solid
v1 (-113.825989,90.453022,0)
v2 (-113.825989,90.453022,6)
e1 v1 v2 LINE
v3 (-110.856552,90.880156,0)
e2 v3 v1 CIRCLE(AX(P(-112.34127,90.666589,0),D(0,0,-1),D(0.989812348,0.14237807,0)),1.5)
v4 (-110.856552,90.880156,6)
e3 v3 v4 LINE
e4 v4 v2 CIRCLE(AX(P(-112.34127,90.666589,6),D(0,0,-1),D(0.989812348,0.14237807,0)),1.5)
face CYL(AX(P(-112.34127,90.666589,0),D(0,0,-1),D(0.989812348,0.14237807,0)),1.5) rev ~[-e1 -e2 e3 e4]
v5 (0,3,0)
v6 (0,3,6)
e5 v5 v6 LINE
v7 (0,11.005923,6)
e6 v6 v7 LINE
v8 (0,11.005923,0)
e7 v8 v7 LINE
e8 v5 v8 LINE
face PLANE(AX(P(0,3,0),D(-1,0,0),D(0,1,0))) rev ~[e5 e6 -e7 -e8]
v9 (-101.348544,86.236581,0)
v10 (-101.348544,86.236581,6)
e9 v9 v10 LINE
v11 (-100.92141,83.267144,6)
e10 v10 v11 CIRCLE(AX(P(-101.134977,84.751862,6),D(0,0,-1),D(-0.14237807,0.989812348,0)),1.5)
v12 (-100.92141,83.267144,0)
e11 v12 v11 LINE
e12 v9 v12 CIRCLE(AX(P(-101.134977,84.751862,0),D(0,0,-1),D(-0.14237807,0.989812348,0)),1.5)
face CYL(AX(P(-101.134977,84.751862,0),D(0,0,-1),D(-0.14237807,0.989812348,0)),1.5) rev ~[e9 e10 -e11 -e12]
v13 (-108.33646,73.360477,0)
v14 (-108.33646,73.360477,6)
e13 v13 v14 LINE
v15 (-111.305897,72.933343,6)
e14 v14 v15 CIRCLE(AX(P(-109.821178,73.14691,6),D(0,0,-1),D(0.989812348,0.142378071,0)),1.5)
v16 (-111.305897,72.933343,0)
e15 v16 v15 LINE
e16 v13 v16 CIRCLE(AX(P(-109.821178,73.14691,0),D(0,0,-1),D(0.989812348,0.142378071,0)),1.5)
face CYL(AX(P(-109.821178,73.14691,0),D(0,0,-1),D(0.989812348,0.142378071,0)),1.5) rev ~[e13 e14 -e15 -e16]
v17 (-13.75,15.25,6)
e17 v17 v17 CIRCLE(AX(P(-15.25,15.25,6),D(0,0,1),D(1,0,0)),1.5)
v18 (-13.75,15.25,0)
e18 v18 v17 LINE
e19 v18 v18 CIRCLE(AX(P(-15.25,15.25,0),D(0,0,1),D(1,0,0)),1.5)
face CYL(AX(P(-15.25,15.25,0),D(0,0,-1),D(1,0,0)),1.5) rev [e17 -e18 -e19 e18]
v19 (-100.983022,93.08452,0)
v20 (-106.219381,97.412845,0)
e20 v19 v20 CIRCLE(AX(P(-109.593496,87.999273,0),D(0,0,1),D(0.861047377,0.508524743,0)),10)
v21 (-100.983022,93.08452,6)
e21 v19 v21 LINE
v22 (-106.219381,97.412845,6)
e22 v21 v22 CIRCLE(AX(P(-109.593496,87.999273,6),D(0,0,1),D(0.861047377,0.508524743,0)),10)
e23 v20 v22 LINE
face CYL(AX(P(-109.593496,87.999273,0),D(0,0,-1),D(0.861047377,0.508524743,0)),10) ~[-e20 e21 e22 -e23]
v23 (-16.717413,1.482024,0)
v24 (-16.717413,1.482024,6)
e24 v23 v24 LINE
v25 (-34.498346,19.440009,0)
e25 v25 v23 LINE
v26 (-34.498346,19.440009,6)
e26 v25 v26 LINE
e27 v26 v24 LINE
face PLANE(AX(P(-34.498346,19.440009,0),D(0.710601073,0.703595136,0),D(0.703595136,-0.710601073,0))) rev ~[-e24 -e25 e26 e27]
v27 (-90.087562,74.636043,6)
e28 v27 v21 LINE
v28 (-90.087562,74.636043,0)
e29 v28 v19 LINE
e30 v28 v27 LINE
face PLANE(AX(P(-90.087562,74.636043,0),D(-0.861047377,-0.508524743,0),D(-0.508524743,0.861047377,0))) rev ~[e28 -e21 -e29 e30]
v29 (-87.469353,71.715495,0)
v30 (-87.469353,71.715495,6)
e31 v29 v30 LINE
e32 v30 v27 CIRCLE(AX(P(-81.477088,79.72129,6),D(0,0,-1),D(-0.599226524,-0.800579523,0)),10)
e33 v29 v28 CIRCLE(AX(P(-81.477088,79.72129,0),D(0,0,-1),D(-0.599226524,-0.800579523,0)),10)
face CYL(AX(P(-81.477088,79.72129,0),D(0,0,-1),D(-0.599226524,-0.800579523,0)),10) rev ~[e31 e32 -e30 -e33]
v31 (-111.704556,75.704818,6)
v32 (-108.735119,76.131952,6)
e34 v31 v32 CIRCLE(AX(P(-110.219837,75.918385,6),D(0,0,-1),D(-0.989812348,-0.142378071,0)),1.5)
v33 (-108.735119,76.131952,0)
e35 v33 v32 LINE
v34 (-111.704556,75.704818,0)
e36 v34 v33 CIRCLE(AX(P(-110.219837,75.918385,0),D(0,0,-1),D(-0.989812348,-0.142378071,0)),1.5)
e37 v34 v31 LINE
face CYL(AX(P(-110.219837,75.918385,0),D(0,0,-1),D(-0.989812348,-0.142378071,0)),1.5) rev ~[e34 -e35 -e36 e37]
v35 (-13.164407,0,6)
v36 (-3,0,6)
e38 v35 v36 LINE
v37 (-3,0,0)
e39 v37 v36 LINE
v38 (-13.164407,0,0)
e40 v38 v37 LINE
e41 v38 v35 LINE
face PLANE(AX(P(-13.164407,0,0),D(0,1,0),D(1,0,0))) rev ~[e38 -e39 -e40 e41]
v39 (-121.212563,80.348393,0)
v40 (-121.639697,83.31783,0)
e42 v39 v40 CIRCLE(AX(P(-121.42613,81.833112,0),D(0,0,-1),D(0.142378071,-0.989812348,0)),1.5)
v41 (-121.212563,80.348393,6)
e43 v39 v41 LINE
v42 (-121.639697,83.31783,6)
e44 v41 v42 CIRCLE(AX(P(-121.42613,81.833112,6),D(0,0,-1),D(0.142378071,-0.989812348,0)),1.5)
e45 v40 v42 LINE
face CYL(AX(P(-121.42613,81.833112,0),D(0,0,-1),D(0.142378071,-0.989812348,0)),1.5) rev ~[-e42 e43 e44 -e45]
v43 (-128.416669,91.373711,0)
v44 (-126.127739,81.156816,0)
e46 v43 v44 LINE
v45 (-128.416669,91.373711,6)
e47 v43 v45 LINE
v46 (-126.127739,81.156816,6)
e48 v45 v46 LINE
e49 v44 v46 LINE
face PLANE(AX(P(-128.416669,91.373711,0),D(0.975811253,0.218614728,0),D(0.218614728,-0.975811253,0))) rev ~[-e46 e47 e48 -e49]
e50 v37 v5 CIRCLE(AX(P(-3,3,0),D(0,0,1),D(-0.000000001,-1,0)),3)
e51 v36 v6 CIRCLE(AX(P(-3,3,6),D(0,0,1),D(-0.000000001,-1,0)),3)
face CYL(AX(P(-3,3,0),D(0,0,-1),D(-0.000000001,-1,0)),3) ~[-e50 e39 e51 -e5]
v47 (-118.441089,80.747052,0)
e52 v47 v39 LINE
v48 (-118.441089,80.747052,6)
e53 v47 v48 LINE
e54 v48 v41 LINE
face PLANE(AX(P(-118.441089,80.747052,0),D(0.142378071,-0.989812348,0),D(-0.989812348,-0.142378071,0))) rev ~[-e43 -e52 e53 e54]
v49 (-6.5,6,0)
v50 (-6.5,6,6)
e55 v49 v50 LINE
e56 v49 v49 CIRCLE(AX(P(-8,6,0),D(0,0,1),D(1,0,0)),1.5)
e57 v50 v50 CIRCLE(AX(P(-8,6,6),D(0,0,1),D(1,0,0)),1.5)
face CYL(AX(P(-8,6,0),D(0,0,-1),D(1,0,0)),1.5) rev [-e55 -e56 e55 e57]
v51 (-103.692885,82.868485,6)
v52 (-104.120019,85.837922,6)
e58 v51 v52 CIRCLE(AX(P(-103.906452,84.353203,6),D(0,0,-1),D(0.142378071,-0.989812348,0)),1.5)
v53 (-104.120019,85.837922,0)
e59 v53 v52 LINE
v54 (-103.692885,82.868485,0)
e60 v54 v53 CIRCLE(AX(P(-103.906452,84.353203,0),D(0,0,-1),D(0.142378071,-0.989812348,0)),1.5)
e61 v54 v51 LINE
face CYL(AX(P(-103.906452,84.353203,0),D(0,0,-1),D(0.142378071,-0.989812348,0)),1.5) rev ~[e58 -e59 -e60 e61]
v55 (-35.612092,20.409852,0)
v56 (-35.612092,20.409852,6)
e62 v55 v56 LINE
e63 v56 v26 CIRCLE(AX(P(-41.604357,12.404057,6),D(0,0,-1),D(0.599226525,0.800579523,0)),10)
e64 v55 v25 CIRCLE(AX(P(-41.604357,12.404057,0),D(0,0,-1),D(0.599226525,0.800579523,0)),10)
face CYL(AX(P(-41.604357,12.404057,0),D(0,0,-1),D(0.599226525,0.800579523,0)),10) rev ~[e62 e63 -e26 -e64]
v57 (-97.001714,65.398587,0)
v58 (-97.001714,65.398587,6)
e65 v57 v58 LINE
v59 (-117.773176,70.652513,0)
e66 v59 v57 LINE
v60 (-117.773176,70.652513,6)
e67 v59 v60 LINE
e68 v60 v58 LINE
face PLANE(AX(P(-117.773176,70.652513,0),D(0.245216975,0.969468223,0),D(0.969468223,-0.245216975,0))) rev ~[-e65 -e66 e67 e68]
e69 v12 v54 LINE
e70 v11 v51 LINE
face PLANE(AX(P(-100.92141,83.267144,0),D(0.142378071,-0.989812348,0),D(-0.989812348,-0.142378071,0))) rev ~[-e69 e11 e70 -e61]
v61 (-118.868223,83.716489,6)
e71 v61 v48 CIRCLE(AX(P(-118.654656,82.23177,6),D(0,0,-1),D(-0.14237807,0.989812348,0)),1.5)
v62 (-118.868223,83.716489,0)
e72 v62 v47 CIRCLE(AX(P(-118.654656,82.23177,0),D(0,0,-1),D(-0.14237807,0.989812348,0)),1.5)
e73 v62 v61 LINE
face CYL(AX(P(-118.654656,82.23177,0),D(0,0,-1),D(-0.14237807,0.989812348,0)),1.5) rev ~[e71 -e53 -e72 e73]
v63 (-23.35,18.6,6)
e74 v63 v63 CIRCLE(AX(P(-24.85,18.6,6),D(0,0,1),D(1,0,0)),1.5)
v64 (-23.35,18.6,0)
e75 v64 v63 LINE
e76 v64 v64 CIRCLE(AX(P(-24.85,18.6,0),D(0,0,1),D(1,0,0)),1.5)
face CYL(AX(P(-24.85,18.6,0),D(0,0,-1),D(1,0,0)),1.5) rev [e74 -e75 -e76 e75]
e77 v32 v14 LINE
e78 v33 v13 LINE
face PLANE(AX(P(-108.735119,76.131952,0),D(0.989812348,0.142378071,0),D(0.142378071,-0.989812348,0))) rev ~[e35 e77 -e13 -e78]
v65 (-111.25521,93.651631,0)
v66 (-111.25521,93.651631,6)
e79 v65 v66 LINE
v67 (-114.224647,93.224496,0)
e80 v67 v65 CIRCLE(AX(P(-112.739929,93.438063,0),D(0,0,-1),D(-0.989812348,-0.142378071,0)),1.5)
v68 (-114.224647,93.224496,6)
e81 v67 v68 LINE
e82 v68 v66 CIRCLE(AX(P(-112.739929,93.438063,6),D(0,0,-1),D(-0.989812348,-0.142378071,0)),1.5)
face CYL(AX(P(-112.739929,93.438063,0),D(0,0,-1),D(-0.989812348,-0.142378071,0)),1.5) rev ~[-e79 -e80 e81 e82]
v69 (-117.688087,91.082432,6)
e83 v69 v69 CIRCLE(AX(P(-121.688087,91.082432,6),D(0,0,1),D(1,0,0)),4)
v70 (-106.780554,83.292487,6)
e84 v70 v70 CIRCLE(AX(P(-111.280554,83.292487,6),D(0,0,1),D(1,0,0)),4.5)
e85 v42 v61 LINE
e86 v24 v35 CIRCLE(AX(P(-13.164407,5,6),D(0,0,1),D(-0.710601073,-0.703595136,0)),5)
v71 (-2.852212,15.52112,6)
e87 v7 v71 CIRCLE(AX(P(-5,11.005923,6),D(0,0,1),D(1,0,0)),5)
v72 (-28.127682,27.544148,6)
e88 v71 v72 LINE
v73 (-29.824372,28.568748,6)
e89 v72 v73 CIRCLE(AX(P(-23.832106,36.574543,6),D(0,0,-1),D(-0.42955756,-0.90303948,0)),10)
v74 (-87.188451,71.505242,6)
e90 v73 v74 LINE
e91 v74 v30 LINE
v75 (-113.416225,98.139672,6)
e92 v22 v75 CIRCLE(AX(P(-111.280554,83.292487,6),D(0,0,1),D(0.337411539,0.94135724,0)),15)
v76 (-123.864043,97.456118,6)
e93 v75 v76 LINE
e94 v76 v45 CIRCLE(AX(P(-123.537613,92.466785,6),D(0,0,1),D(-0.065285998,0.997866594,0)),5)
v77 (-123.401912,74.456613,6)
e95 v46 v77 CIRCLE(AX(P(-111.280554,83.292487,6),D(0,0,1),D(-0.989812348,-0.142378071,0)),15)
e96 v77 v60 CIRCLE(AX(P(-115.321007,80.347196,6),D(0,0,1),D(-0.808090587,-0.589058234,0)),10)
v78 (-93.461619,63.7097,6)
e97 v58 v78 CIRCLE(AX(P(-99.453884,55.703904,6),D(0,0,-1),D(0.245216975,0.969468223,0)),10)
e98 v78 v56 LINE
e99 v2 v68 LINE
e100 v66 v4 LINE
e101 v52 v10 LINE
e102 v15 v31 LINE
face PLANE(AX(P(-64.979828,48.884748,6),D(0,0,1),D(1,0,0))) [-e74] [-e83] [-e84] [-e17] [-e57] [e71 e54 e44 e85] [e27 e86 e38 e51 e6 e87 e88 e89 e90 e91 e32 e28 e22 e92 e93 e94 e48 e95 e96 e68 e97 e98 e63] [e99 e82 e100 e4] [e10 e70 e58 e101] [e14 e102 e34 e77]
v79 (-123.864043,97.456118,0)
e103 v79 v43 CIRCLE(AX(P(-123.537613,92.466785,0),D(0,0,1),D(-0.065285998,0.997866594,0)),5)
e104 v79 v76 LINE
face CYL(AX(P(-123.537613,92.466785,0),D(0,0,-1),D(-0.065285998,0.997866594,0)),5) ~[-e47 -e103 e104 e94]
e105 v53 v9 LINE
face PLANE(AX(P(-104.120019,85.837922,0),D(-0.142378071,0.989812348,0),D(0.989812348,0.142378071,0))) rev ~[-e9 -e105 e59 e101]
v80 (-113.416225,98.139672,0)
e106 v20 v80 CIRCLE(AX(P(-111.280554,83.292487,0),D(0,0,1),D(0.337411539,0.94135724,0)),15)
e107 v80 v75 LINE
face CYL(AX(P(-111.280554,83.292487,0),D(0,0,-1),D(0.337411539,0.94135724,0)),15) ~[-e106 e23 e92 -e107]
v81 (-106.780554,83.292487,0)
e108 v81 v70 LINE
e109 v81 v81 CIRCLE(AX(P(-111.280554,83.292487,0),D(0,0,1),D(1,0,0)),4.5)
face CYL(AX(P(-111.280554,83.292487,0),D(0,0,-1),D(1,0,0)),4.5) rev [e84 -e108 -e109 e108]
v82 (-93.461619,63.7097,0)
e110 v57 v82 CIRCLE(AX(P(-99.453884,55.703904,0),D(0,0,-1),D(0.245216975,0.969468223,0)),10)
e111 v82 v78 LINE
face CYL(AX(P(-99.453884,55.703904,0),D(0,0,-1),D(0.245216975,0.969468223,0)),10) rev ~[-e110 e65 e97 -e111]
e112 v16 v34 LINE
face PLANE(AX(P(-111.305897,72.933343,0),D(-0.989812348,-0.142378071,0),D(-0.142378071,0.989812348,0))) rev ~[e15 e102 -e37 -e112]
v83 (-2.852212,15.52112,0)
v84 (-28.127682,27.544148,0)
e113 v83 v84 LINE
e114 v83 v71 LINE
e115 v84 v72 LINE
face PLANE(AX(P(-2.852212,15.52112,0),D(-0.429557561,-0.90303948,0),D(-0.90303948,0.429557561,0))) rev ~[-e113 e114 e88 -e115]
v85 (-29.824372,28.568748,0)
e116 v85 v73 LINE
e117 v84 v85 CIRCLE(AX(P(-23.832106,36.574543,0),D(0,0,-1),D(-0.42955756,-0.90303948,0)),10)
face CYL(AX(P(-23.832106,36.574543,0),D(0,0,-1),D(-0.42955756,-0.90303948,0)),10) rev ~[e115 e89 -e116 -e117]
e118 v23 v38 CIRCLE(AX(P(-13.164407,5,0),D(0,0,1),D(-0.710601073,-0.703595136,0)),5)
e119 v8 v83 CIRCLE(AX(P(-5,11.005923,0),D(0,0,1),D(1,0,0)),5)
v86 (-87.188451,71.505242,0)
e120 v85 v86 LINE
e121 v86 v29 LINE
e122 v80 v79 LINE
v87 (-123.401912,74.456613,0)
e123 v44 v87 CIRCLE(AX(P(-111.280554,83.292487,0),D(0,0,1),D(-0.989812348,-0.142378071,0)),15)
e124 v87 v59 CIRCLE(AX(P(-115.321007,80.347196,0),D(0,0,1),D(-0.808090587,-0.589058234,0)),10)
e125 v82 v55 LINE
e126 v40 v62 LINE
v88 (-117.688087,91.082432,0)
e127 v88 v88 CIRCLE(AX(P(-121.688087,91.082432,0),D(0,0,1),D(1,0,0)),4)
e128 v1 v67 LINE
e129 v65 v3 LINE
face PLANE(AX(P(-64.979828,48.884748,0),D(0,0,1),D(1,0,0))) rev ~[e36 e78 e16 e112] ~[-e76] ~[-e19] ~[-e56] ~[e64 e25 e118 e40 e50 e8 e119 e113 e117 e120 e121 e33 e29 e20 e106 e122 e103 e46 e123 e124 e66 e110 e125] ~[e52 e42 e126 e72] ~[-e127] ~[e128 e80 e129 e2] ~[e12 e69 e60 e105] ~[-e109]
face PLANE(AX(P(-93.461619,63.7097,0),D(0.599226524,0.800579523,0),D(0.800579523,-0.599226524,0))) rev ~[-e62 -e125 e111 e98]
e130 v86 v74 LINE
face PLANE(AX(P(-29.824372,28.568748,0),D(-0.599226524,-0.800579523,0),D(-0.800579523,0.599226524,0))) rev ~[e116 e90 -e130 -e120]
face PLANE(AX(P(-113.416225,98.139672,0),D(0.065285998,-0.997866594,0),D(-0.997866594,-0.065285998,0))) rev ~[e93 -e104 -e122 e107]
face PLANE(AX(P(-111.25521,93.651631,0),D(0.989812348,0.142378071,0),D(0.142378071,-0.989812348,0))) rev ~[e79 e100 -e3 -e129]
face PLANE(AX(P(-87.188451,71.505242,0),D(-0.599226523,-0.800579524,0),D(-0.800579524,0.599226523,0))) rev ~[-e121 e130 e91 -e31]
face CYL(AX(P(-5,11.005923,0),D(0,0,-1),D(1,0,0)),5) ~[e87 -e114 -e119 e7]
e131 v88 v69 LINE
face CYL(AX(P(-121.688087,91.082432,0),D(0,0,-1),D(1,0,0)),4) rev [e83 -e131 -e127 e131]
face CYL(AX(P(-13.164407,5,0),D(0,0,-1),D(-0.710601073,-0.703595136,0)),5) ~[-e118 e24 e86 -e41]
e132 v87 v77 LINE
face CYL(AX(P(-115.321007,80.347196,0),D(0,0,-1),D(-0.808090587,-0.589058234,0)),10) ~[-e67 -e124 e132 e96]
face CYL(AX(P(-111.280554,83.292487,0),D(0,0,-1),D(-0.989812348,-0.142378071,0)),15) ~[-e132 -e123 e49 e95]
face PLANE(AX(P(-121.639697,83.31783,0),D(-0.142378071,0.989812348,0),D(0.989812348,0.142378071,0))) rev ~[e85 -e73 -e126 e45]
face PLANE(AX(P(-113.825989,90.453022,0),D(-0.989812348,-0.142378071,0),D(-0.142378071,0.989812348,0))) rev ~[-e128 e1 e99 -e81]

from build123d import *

# Parameters (mm, degrees)
CROQUIS1_R              = 1.5
CROQUIS1_R_2            = 4
CROQUIS1_R_3            = 4.5
SALIENTE_EXTRUIR1_DEPTH = 6


with BuildPart() as part:
    # Croquis1 → Saliente-Extruir1 (new body)
    with BuildSketch(Plane.XY):
        with BuildLine():
            Line((0, 3), (0, 11.005922656))
            ThreePointArc((0, 11.005922656), (-0.772770469, 13.676227974), (-2.852212196, 15.521120055))
            Line((-2.852212196, 15.521120055), (-28.127681877, 27.544148224))
            ThreePointArc((-28.127681877, 27.544148224), (-29.001474549, 28.014307534), (-29.824371512, 28.568747792))
            Line((-29.824371512, 28.568747792), (-87.188450944, 71.505241853))
            Line((-87.188450944, 71.505241853), (-87.469353477, 71.715494855))
            ThreePointArc((-87.469353477, 71.715494855), (-88.923053354, 73.046141889), (-90.087562008, 74.636042659))
            Line((-90.087562008, 74.636042659), (-100.983022225, 93.084520497))
            ThreePointArc((-100.983022225, 93.084520497), (-103.222374148, 95.706983908), (-106.219380606, 97.412845469))
            ThreePointArc((-106.219380606, 97.412845469), (-109.77333448, 98.216571105), (-113.416224758, 98.139672096))
            Line((-113.416224758, 98.139672096), (-123.864042756, 97.456117574))
            ThreePointArc((-123.864042756, 97.456117574), (-127.540510381, 95.462917227), (-128.416669029, 91.373710966))
            Line((-128.416669029, 91.373710966), (-126.127738921, 81.156815809))
            ThreePointArc((-126.127738921, 81.156815809), (-125.174752843, 77.639944959), (-123.401912494, 74.45661335))
            ThreePointArc((-123.401912494, 74.45661335), (-120.920490039, 72.061920473), (-117.773176379, 70.652513469))
            Line((-117.773176379, 70.652513469), (-97.001714211, 65.398586624))
            ThreePointArc((-97.001714211, 65.398586624), (-95.148050081, 64.729412392), (-93.461618719, 63.709699625))
            Line((-93.461618719, 63.709699625), (-35.612091664, 20.409852413))
            ThreePointArc((-35.612091664, 20.409852413), (-35.03729077, 19.945518736), (-34.498346176, 19.44000854))
            Line((-34.498346176, 19.44000854), (-16.717412791, 1.482024321))
            ThreePointArc((-16.717412791, 1.482024321), (-15.089260875, 0.385356005), (-13.164407425, 0))
            Line((-13.164407425, 0), (-3, 0))
            ThreePointArc((-3, 0), (-0.878679656, 0.878679656), (0, 3))
        make_face()
        with Locations((-24.85, 18.6)):
            Circle(CROQUIS1_R, mode=Mode.SUBTRACT)
        with Locations((-8, 6)):
            Circle(CROQUIS1_R, mode=Mode.SUBTRACT)
        with Locations((-121.688087495, 91.082431686)):
            Circle(CROQUIS1_R_2, mode=Mode.SUBTRACT)
        with Locations((-111.280553696, 83.292486871)):
            Circle(CROQUIS1_R_3, mode=Mode.SUBTRACT)
        with Locations((-15.25, 15.25)):
            Circle(CROQUIS1_R, mode=Mode.SUBTRACT)
        with BuildLine():
            Line((-111.255210399, 93.651630548), (-110.856551801, 90.880155972))
            ThreePointArc((-110.856551801, 90.880155972), (-112.127703217, 89.181870344), (-113.825988846, 90.45302176))
            Line((-113.825988846, 90.45302176), (-114.224647444, 93.224496335))
            ThreePointArc((-114.224647444, 93.224496335), (-112.953496028, 94.922781964), (-111.255210399, 93.651630548))
        make_face(mode=Mode.SUBTRACT)
        with BuildLine():
            Line((-100.921410019, 83.267143574), (-103.692884594, 82.868484976))
            ThreePointArc((-103.692884594, 82.868484976), (-105.391170223, 84.139636392), (-104.120018807, 85.837922021))
            Line((-104.120018807, 85.837922021), (-101.348544231, 86.236580619))
            ThreePointArc((-101.348544231, 86.236580619), (-99.650258603, 84.965429203), (-100.921410019, 83.267143574))
        make_face(mode=Mode.SUBTRACT)
        with BuildLine():
            Line((-111.305896992, 72.933343194), (-111.704555591, 75.704817769))
            ThreePointArc((-111.704555591, 75.704817769), (-110.433404174, 77.403103398), (-108.735118546, 76.131951982))
            Line((-108.735118546, 76.131951982), (-108.336459947, 73.360477407))
            ThreePointArc((-108.336459947, 73.360477407), (-109.607611364, 71.662191778), (-111.305896992, 72.933343194))
        make_face(mode=Mode.SUBTRACT)
        with BuildLine():
            Line((-121.639697373, 83.317830168), (-118.868222797, 83.716488766))
            ThreePointArc((-118.868222797, 83.716488766), (-117.169937169, 82.44533735), (-118.441088585, 80.747051721))
            Line((-118.441088585, 80.747051721), (-121.21256316, 80.348393122))
            ThreePointArc((-121.21256316, 80.348393122), (-122.910848789, 81.619544539), (-121.639697373, 83.317830168))
        make_face(mode=Mode.SUBTRACT)
    extrude(amount=SALIENTE_EXTRUIR1_DEPTH)


solid = part.part
